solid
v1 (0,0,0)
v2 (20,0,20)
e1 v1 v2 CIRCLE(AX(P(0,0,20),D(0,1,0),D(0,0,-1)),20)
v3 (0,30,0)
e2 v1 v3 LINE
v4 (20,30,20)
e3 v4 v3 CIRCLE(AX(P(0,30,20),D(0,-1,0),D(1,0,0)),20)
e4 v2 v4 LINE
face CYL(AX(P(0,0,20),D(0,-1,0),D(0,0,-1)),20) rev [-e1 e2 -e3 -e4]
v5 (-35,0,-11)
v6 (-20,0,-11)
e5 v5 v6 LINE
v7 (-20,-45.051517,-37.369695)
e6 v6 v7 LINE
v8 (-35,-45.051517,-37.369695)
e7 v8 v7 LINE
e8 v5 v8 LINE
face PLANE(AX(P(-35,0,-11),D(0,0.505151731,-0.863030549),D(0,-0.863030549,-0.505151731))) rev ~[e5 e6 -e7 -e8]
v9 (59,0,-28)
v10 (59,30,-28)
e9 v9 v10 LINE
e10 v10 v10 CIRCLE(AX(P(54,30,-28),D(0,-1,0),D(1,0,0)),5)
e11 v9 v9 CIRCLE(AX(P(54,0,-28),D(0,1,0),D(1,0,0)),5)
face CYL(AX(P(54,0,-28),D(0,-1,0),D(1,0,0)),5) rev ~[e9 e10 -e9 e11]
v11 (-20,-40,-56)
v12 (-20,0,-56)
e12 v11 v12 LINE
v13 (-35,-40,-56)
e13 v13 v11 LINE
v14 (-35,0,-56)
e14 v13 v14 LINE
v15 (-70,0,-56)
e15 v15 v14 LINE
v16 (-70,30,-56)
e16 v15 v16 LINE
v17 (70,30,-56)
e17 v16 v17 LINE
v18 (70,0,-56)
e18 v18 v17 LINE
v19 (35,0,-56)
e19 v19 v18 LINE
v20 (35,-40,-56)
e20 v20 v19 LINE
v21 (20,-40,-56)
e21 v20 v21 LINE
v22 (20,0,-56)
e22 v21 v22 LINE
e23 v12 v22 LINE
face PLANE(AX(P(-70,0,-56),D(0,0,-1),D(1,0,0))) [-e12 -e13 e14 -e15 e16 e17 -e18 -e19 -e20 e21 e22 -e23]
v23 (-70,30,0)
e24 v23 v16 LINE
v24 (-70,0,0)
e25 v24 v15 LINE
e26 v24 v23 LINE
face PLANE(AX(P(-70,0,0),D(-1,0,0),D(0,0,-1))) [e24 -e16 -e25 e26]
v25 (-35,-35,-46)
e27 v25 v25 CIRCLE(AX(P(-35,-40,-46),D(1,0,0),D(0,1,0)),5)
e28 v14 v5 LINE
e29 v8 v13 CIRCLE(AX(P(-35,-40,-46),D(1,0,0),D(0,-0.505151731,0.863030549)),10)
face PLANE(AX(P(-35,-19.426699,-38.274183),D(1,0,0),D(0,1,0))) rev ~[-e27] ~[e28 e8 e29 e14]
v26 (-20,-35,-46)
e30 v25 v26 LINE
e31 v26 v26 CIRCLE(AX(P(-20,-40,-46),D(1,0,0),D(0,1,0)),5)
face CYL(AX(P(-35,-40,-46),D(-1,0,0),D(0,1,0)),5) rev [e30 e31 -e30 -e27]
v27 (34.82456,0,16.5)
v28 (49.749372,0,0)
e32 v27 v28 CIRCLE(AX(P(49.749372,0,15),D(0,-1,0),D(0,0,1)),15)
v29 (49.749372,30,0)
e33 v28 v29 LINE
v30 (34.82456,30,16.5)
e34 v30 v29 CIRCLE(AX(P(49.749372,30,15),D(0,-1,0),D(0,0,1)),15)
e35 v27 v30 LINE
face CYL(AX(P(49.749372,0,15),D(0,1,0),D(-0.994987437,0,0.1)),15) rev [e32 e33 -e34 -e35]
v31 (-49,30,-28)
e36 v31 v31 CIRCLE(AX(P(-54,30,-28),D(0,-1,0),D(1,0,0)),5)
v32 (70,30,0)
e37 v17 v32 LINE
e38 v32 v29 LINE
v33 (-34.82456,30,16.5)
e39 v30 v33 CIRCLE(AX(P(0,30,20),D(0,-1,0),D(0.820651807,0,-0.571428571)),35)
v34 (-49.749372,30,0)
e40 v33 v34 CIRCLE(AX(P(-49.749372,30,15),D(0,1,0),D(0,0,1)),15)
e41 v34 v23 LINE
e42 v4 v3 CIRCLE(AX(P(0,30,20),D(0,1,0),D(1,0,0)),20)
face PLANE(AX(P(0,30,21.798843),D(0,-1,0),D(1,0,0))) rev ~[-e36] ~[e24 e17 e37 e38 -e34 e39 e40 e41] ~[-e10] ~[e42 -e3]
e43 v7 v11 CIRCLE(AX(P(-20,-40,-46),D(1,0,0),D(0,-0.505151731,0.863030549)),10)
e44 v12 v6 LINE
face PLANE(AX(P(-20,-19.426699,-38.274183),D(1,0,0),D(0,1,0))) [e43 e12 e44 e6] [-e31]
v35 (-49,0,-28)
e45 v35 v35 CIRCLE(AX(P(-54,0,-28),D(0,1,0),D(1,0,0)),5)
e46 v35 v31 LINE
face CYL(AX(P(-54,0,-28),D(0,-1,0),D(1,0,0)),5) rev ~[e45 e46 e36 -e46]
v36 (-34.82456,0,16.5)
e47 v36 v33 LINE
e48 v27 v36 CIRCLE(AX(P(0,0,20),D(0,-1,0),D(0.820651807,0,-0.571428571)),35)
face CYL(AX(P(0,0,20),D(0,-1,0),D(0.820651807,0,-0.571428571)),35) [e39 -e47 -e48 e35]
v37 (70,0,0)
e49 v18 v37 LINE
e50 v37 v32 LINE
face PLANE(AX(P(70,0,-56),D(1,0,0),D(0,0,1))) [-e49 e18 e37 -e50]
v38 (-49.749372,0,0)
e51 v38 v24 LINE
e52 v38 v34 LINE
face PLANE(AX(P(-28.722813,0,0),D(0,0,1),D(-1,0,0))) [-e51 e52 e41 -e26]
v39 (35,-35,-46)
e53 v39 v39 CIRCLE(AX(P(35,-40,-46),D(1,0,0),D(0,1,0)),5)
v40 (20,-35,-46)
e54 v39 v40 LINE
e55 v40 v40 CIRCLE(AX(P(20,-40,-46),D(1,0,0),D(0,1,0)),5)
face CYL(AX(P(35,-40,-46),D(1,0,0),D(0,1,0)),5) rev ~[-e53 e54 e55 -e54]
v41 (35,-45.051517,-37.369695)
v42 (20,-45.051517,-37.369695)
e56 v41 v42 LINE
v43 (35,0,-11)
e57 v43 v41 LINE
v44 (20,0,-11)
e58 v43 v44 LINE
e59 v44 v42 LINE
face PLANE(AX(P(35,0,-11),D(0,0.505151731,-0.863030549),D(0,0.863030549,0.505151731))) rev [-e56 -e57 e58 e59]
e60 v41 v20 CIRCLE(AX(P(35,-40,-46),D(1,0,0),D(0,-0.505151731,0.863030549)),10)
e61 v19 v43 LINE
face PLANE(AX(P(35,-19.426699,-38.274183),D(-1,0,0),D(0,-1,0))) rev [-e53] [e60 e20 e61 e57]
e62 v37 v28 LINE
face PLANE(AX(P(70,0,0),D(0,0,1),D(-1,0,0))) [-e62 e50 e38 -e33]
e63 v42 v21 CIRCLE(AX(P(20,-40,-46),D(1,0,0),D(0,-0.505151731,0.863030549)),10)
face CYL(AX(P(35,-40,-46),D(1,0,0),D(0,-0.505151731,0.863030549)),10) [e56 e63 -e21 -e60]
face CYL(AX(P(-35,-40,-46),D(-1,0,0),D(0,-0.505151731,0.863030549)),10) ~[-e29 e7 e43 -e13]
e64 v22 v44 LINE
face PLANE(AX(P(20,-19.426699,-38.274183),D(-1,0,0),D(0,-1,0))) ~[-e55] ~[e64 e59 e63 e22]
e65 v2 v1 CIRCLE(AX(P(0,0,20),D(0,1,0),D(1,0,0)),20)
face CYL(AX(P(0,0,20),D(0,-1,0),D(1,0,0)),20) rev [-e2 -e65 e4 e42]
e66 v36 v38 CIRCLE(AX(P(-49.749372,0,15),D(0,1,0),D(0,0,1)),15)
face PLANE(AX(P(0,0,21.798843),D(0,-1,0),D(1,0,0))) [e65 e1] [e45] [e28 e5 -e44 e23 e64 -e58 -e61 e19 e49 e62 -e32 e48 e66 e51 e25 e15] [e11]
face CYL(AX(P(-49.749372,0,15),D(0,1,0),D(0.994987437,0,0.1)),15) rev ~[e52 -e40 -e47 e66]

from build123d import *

# Parameters (mm, degrees)
F0_R     = 5
F3_DEPTH = 30
F4_R     = 15
F2_R     = 5
F5_DEPTH = 15


with BuildPart() as f3:
    # F0 (on Front) → F3 (new body)
    with BuildSketch(Plane.XZ):
        with BuildLine():
            ThreePointArc((28.7228132327, 0), (0, 55), (-28.7228132327, 0))
            Line((-28.7228132327, 0), (0, 0))
            Line((0, 0), (28.7228132327, 0))
        make_face()
        with BuildLine():
            ThreePointArc((20, 20), (14.1421356237, 5.8578643763), (0, 0))
            ThreePointArc((0, 0), (-14.1421356237, 34.1421356237), (20, 20))
        make_face(mode=Mode.SUBTRACT)
        Polygon((-28.7228132327, 0), (-70, 0), (-70, -56), (70, -56), (70, 0), (28.7228132327, 0), (0, 0), align=None)
        with Locations((-54, -28)):
            Circle(F0_R, mode=Mode.SUBTRACT)
        with Locations((54, -28)):
            Circle(F0_R, mode=Mode.SUBTRACT)
    extrude(amount=-F3_DEPTH)

    # F4
    f4_edges = [f3.edges().sort_by_distance(p)[0] for p in [
        (-28.722813, 15, 0),
        (28.722813, 15, 0),
    ]]
    fillet(f4_edges, radius=F4_R)

    # F2 (on plane+point) → F5 (join)
    with BuildSketch(Plane.YZ.offset(-35)):
        with BuildLine():
            Line((0, -56), (0, -11))
            Line((0, -11), (-45.0515173064, -37.369694507))
            ThreePointArc((-45.0515173064, -37.369694507), (-49.6515038966, -48.6169586422), (-40, -56))
            Line((-40, -56), (0, -56))
        make_face()
        with Locations((-40, -46)):
            Circle(F2_R, mode=Mode.SUBTRACT)
    extrude(amount=F5_DEPTH)

    # F6: F3 across plane


with BuildPart() as f3_1:
    add(f3.part)
    add(f3.part.mirror(Plane.YZ))


solid = f3_1.part
